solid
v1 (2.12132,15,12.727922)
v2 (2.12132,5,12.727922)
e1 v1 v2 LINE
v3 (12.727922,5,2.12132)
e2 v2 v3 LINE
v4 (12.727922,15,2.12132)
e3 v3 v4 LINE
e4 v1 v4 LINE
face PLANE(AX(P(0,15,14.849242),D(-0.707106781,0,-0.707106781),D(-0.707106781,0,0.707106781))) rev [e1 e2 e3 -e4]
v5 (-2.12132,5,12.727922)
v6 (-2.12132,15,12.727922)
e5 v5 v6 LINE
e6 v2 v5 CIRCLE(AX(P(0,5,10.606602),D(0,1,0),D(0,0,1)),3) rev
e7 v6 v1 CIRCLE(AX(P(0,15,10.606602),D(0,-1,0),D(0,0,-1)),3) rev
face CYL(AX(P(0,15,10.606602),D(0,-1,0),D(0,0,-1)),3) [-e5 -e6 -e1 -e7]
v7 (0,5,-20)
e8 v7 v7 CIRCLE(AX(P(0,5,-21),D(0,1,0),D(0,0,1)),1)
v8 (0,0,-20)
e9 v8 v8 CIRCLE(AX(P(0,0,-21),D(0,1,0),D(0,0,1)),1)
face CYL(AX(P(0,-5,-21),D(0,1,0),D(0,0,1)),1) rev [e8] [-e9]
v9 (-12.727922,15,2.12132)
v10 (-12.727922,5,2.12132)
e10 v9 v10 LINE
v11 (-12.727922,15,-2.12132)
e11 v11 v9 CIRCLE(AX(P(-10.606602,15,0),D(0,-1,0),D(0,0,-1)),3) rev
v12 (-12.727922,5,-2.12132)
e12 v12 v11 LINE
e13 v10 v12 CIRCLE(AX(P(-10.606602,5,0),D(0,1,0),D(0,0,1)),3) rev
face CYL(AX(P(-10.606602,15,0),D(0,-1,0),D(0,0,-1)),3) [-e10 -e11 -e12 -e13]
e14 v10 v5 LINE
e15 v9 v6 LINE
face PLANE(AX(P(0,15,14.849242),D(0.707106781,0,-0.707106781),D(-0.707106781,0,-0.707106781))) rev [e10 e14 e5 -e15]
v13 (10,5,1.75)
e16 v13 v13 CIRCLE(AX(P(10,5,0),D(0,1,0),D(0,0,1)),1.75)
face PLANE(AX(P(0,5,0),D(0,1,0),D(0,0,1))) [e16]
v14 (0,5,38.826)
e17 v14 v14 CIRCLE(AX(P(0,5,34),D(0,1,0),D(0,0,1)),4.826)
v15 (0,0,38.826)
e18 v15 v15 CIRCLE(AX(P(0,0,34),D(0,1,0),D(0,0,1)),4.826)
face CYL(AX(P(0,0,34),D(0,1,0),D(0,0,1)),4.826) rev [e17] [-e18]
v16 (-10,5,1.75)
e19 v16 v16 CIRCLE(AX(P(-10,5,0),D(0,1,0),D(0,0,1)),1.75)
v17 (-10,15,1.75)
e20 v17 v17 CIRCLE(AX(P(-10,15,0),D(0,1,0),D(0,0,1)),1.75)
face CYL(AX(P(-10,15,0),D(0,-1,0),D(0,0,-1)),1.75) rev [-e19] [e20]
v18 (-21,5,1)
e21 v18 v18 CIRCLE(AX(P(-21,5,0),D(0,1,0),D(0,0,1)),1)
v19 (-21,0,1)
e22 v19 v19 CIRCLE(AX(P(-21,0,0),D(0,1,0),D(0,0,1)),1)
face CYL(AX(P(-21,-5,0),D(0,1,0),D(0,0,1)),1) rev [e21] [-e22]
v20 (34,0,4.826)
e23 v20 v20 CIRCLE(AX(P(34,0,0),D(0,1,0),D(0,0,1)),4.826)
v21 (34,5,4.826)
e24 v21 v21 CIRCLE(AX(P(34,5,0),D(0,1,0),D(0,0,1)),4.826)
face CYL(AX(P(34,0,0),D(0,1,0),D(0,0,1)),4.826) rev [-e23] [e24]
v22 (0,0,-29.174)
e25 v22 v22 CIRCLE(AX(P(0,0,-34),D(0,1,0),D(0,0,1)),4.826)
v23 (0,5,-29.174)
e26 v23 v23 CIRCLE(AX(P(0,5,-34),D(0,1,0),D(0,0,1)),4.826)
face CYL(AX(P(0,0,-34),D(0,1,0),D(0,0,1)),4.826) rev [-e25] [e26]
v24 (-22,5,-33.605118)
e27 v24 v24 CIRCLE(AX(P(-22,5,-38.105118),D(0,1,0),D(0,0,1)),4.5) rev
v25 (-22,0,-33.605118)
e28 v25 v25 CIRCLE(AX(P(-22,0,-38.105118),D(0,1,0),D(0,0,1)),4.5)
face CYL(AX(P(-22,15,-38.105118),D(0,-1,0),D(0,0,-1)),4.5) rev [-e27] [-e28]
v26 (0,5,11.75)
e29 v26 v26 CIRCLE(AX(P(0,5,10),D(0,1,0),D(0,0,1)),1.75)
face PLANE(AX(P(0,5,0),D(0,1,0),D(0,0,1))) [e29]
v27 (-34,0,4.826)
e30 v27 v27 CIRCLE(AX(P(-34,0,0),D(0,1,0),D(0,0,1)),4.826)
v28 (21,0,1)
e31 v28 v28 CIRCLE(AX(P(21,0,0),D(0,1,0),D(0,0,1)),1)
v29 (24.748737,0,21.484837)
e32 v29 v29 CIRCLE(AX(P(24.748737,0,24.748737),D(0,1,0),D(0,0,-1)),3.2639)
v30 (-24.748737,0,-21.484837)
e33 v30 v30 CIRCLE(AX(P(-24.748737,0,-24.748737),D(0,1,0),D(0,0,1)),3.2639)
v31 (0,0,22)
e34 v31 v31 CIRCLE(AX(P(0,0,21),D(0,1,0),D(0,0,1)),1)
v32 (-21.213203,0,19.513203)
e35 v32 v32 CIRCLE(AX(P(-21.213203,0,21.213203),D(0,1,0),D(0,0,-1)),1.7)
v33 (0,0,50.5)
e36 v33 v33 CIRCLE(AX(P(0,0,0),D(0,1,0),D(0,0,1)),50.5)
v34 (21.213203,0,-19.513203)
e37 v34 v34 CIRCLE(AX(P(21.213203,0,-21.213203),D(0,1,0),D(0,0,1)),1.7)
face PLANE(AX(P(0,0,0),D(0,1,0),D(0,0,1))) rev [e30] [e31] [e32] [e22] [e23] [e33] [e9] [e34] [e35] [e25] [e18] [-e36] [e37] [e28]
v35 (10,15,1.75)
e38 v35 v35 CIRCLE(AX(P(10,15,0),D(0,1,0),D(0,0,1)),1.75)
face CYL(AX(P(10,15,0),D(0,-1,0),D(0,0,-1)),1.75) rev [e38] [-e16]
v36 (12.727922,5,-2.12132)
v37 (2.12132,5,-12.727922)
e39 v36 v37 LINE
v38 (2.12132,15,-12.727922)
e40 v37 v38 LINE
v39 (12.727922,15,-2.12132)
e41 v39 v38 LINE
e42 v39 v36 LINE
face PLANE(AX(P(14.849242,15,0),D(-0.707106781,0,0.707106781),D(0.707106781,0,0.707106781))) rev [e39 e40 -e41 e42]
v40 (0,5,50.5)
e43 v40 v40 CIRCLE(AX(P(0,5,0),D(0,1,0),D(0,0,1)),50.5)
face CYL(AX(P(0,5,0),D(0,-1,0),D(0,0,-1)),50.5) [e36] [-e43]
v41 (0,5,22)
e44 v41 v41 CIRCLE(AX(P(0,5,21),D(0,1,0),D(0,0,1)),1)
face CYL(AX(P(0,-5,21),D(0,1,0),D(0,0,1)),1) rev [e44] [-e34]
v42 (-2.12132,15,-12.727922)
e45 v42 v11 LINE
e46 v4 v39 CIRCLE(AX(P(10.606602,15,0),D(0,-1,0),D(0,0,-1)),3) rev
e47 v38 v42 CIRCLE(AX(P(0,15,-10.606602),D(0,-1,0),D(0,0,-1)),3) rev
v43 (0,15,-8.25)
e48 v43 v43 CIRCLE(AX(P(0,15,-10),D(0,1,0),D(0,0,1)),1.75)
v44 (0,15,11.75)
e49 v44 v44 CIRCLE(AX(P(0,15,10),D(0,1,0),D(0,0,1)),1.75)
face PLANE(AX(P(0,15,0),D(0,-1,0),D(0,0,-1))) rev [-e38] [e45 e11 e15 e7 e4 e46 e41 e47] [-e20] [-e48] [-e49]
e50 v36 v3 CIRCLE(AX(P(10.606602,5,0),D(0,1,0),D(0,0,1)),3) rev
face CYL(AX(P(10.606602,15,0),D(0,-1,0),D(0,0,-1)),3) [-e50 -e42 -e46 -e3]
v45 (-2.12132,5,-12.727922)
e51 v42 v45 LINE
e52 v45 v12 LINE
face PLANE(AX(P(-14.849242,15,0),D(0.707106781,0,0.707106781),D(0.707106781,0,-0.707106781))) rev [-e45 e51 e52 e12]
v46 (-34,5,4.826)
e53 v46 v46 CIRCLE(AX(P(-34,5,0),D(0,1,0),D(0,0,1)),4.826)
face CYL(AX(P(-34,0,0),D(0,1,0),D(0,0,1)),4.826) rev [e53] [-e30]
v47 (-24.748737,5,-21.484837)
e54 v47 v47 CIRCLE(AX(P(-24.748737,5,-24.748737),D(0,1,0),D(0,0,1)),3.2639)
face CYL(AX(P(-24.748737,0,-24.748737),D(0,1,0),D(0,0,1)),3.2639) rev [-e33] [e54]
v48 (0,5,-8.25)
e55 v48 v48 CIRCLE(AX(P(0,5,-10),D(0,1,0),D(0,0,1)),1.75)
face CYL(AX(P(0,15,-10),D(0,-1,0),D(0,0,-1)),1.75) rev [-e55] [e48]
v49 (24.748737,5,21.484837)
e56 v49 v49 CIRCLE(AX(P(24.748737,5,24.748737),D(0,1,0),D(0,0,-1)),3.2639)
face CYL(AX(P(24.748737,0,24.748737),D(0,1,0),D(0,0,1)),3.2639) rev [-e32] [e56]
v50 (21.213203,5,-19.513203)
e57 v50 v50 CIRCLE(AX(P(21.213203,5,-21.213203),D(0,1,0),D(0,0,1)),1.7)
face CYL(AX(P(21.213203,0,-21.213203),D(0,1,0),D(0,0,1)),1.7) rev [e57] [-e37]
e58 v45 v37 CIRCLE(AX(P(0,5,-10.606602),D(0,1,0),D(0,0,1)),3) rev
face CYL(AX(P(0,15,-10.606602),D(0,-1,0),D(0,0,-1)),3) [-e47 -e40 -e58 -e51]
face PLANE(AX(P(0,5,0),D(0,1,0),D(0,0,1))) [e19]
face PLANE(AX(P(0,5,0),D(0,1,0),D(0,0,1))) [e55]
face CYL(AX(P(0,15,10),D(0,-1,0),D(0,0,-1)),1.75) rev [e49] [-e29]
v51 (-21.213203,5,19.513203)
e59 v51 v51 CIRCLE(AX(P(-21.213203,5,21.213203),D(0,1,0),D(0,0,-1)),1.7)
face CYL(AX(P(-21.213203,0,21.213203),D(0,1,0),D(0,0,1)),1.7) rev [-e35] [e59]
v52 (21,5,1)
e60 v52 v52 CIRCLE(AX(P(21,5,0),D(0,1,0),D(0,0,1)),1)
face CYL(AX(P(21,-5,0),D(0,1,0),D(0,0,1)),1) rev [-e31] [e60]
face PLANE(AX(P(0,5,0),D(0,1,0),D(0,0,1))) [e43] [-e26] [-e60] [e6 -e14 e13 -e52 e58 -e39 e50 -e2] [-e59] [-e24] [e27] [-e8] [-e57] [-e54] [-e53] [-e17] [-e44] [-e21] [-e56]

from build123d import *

# Parameters (mm, degrees)
SKETCH1_R           = 50.5
BOSS_EXTRUDE1_DEPTH = 5
SKETCH3_R           = 1.75
BOSS_EXTRUDE2_DEPTH = 10
SKETCH4_R           = 1.7
SKETCH4_R_2         = 3.2639
CUT_EXTRUDE2_DEPTH  = 73.114492302
SKETCH5_R           = 4.826
CUT_EXTRUDE3_DEPTH  = 73.114492302
SKETCH6_R           = 1
CUT_EXTRUDE4_DEPTH  = 10
FILLET1_R           = 3
SKETCH7_R           = 4.5
CUT_EXTRUDE5_DEPTH  = 73.97602346


with BuildPart() as part:
    # Sketch1 → Boss-Extrude1 (new body)
    with BuildSketch(Plane(origin=(0, 0, 0), x_dir=(1, 0, 0), z_dir=(0, 1, 0))):
        with Locations(Location((0, 0, 0), (0, 0, 270))):
            Circle(SKETCH1_R)
    extrude(amount=BOSS_EXTRUDE1_DEPTH)

    # Sketch3 → Boss-Extrude2 (add)
    with BuildSketch(Plane(origin=(0, 5, 0), x_dir=(1, 0, 0), z_dir=(0, 1, 0))):
        Polygon((0, -14.849242405), (14.849242405, 0), (0, 14.849242405), (-14.849242405, 0), align=None)
        with Locations(Location((10, 0, 0), (0, 0, 270))):
            Circle(SKETCH3_R, mode=Mode.SUBTRACT)
        with Locations(Location((0, -10, 0), (0, 0, 270))):
            Circle(SKETCH3_R, mode=Mode.SUBTRACT)
        with Locations(Location((-10, 0, 0), (0, 0, 270))):
            Circle(SKETCH3_R, mode=Mode.SUBTRACT)
        with Locations(Location((0, 10, 0), (0, 0, 270))):
            Circle(SKETCH3_R, mode=Mode.SUBTRACT)
    extrude(amount=BOSS_EXTRUDE2_DEPTH)

    # Sketch4 → Cut-Extrude2 (cut, through all)
    with BuildSketch(Plane(origin=(0, 5, 0), x_dir=(1, 0, 0), z_dir=(0, 1, 0))):
        with Locations(Location((21.213203436, 21.213203436, 0), (0, 0, 270))):
            Circle(SKETCH4_R)
        with Locations(Location((-21.213203436, -21.213203436, 0), (0, 0, 90))):
            Circle(SKETCH4_R)
        with Locations(Location((-24.748737342, 24.748737342, 0), (0, 0, 270))):
            Circle(SKETCH4_R_2)
        with Locations(Location((24.748737342, -24.748737342, 0), (0, 0, 90))):
            Circle(SKETCH4_R_2)
    extrude(amount=-CUT_EXTRUDE2_DEPTH, mode=Mode.SUBTRACT)

    # Sketch5 → Cut-Extrude3 (cut, through all)
    with BuildSketch(Plane(origin=(0, 5, 0), x_dir=(1, 0, 0), z_dir=(0, 1, 0))):
        with Locations(Location((34, 0, 0), (0, 0, 270))):
            Circle(SKETCH5_R)
        with Locations(Location((0, 34, 0), (0, 0, 270))):
            Circle(SKETCH5_R)
        with Locations(Location((-34, 0, 0), (0, 0, 270))):
            Circle(SKETCH5_R)
        with Locations(Location((0, -34, 0), (0, 0, 270))):
            Circle(SKETCH5_R)
    extrude(amount=-CUT_EXTRUDE3_DEPTH, mode=Mode.SUBTRACT)

    # Sketch6 → Cut-Extrude4 (cut)
    with BuildSketch(Plane(origin=(0, 5, 0), x_dir=(1, 0, 0), z_dir=(0, 1, 0))):
        with Locations(Location((0, 21, 0), (0, 0, 270))):
            Circle(SKETCH6_R)
        with Locations(Location((-21, 0, 0), (0, 0, 270))):
            Circle(SKETCH6_R)
        with Locations(Location((21, 0, 0), (0, 0, 270))):
            Circle(SKETCH6_R)
        with Locations(Location((0, -21, 0), (0, 0, 270))):
            Circle(SKETCH6_R)
    extrude(amount=-CUT_EXTRUDE4_DEPTH, mode=Mode.SUBTRACT)

    # Fillet1
    fillet1_edges = [part.edges().sort_by_distance(p)[0] for p in [
        (-14.849242405, 10, 0),
        (0, 10, 14.849242405),
        (14.849242405, 10, 0),
        (0, 10, -14.849242405),
    ]]
    fillet(fillet1_edges, radius=FILLET1_R)

    # Sketch7 → Cut-Extrude5 (cut, through all)
    with BuildSketch(Plane(origin=(0, 0, 0), x_dir=(1, 0, 0), z_dir=(0, 1, 0))):
        with Locations(Location((-22, 38.105117767, 0), (0, 0, 270))):
            Circle(SKETCH7_R)
    extrude(amount=CUT_EXTRUDE5_DEPTH, mode=Mode.SUBTRACT)


solid = part.part
